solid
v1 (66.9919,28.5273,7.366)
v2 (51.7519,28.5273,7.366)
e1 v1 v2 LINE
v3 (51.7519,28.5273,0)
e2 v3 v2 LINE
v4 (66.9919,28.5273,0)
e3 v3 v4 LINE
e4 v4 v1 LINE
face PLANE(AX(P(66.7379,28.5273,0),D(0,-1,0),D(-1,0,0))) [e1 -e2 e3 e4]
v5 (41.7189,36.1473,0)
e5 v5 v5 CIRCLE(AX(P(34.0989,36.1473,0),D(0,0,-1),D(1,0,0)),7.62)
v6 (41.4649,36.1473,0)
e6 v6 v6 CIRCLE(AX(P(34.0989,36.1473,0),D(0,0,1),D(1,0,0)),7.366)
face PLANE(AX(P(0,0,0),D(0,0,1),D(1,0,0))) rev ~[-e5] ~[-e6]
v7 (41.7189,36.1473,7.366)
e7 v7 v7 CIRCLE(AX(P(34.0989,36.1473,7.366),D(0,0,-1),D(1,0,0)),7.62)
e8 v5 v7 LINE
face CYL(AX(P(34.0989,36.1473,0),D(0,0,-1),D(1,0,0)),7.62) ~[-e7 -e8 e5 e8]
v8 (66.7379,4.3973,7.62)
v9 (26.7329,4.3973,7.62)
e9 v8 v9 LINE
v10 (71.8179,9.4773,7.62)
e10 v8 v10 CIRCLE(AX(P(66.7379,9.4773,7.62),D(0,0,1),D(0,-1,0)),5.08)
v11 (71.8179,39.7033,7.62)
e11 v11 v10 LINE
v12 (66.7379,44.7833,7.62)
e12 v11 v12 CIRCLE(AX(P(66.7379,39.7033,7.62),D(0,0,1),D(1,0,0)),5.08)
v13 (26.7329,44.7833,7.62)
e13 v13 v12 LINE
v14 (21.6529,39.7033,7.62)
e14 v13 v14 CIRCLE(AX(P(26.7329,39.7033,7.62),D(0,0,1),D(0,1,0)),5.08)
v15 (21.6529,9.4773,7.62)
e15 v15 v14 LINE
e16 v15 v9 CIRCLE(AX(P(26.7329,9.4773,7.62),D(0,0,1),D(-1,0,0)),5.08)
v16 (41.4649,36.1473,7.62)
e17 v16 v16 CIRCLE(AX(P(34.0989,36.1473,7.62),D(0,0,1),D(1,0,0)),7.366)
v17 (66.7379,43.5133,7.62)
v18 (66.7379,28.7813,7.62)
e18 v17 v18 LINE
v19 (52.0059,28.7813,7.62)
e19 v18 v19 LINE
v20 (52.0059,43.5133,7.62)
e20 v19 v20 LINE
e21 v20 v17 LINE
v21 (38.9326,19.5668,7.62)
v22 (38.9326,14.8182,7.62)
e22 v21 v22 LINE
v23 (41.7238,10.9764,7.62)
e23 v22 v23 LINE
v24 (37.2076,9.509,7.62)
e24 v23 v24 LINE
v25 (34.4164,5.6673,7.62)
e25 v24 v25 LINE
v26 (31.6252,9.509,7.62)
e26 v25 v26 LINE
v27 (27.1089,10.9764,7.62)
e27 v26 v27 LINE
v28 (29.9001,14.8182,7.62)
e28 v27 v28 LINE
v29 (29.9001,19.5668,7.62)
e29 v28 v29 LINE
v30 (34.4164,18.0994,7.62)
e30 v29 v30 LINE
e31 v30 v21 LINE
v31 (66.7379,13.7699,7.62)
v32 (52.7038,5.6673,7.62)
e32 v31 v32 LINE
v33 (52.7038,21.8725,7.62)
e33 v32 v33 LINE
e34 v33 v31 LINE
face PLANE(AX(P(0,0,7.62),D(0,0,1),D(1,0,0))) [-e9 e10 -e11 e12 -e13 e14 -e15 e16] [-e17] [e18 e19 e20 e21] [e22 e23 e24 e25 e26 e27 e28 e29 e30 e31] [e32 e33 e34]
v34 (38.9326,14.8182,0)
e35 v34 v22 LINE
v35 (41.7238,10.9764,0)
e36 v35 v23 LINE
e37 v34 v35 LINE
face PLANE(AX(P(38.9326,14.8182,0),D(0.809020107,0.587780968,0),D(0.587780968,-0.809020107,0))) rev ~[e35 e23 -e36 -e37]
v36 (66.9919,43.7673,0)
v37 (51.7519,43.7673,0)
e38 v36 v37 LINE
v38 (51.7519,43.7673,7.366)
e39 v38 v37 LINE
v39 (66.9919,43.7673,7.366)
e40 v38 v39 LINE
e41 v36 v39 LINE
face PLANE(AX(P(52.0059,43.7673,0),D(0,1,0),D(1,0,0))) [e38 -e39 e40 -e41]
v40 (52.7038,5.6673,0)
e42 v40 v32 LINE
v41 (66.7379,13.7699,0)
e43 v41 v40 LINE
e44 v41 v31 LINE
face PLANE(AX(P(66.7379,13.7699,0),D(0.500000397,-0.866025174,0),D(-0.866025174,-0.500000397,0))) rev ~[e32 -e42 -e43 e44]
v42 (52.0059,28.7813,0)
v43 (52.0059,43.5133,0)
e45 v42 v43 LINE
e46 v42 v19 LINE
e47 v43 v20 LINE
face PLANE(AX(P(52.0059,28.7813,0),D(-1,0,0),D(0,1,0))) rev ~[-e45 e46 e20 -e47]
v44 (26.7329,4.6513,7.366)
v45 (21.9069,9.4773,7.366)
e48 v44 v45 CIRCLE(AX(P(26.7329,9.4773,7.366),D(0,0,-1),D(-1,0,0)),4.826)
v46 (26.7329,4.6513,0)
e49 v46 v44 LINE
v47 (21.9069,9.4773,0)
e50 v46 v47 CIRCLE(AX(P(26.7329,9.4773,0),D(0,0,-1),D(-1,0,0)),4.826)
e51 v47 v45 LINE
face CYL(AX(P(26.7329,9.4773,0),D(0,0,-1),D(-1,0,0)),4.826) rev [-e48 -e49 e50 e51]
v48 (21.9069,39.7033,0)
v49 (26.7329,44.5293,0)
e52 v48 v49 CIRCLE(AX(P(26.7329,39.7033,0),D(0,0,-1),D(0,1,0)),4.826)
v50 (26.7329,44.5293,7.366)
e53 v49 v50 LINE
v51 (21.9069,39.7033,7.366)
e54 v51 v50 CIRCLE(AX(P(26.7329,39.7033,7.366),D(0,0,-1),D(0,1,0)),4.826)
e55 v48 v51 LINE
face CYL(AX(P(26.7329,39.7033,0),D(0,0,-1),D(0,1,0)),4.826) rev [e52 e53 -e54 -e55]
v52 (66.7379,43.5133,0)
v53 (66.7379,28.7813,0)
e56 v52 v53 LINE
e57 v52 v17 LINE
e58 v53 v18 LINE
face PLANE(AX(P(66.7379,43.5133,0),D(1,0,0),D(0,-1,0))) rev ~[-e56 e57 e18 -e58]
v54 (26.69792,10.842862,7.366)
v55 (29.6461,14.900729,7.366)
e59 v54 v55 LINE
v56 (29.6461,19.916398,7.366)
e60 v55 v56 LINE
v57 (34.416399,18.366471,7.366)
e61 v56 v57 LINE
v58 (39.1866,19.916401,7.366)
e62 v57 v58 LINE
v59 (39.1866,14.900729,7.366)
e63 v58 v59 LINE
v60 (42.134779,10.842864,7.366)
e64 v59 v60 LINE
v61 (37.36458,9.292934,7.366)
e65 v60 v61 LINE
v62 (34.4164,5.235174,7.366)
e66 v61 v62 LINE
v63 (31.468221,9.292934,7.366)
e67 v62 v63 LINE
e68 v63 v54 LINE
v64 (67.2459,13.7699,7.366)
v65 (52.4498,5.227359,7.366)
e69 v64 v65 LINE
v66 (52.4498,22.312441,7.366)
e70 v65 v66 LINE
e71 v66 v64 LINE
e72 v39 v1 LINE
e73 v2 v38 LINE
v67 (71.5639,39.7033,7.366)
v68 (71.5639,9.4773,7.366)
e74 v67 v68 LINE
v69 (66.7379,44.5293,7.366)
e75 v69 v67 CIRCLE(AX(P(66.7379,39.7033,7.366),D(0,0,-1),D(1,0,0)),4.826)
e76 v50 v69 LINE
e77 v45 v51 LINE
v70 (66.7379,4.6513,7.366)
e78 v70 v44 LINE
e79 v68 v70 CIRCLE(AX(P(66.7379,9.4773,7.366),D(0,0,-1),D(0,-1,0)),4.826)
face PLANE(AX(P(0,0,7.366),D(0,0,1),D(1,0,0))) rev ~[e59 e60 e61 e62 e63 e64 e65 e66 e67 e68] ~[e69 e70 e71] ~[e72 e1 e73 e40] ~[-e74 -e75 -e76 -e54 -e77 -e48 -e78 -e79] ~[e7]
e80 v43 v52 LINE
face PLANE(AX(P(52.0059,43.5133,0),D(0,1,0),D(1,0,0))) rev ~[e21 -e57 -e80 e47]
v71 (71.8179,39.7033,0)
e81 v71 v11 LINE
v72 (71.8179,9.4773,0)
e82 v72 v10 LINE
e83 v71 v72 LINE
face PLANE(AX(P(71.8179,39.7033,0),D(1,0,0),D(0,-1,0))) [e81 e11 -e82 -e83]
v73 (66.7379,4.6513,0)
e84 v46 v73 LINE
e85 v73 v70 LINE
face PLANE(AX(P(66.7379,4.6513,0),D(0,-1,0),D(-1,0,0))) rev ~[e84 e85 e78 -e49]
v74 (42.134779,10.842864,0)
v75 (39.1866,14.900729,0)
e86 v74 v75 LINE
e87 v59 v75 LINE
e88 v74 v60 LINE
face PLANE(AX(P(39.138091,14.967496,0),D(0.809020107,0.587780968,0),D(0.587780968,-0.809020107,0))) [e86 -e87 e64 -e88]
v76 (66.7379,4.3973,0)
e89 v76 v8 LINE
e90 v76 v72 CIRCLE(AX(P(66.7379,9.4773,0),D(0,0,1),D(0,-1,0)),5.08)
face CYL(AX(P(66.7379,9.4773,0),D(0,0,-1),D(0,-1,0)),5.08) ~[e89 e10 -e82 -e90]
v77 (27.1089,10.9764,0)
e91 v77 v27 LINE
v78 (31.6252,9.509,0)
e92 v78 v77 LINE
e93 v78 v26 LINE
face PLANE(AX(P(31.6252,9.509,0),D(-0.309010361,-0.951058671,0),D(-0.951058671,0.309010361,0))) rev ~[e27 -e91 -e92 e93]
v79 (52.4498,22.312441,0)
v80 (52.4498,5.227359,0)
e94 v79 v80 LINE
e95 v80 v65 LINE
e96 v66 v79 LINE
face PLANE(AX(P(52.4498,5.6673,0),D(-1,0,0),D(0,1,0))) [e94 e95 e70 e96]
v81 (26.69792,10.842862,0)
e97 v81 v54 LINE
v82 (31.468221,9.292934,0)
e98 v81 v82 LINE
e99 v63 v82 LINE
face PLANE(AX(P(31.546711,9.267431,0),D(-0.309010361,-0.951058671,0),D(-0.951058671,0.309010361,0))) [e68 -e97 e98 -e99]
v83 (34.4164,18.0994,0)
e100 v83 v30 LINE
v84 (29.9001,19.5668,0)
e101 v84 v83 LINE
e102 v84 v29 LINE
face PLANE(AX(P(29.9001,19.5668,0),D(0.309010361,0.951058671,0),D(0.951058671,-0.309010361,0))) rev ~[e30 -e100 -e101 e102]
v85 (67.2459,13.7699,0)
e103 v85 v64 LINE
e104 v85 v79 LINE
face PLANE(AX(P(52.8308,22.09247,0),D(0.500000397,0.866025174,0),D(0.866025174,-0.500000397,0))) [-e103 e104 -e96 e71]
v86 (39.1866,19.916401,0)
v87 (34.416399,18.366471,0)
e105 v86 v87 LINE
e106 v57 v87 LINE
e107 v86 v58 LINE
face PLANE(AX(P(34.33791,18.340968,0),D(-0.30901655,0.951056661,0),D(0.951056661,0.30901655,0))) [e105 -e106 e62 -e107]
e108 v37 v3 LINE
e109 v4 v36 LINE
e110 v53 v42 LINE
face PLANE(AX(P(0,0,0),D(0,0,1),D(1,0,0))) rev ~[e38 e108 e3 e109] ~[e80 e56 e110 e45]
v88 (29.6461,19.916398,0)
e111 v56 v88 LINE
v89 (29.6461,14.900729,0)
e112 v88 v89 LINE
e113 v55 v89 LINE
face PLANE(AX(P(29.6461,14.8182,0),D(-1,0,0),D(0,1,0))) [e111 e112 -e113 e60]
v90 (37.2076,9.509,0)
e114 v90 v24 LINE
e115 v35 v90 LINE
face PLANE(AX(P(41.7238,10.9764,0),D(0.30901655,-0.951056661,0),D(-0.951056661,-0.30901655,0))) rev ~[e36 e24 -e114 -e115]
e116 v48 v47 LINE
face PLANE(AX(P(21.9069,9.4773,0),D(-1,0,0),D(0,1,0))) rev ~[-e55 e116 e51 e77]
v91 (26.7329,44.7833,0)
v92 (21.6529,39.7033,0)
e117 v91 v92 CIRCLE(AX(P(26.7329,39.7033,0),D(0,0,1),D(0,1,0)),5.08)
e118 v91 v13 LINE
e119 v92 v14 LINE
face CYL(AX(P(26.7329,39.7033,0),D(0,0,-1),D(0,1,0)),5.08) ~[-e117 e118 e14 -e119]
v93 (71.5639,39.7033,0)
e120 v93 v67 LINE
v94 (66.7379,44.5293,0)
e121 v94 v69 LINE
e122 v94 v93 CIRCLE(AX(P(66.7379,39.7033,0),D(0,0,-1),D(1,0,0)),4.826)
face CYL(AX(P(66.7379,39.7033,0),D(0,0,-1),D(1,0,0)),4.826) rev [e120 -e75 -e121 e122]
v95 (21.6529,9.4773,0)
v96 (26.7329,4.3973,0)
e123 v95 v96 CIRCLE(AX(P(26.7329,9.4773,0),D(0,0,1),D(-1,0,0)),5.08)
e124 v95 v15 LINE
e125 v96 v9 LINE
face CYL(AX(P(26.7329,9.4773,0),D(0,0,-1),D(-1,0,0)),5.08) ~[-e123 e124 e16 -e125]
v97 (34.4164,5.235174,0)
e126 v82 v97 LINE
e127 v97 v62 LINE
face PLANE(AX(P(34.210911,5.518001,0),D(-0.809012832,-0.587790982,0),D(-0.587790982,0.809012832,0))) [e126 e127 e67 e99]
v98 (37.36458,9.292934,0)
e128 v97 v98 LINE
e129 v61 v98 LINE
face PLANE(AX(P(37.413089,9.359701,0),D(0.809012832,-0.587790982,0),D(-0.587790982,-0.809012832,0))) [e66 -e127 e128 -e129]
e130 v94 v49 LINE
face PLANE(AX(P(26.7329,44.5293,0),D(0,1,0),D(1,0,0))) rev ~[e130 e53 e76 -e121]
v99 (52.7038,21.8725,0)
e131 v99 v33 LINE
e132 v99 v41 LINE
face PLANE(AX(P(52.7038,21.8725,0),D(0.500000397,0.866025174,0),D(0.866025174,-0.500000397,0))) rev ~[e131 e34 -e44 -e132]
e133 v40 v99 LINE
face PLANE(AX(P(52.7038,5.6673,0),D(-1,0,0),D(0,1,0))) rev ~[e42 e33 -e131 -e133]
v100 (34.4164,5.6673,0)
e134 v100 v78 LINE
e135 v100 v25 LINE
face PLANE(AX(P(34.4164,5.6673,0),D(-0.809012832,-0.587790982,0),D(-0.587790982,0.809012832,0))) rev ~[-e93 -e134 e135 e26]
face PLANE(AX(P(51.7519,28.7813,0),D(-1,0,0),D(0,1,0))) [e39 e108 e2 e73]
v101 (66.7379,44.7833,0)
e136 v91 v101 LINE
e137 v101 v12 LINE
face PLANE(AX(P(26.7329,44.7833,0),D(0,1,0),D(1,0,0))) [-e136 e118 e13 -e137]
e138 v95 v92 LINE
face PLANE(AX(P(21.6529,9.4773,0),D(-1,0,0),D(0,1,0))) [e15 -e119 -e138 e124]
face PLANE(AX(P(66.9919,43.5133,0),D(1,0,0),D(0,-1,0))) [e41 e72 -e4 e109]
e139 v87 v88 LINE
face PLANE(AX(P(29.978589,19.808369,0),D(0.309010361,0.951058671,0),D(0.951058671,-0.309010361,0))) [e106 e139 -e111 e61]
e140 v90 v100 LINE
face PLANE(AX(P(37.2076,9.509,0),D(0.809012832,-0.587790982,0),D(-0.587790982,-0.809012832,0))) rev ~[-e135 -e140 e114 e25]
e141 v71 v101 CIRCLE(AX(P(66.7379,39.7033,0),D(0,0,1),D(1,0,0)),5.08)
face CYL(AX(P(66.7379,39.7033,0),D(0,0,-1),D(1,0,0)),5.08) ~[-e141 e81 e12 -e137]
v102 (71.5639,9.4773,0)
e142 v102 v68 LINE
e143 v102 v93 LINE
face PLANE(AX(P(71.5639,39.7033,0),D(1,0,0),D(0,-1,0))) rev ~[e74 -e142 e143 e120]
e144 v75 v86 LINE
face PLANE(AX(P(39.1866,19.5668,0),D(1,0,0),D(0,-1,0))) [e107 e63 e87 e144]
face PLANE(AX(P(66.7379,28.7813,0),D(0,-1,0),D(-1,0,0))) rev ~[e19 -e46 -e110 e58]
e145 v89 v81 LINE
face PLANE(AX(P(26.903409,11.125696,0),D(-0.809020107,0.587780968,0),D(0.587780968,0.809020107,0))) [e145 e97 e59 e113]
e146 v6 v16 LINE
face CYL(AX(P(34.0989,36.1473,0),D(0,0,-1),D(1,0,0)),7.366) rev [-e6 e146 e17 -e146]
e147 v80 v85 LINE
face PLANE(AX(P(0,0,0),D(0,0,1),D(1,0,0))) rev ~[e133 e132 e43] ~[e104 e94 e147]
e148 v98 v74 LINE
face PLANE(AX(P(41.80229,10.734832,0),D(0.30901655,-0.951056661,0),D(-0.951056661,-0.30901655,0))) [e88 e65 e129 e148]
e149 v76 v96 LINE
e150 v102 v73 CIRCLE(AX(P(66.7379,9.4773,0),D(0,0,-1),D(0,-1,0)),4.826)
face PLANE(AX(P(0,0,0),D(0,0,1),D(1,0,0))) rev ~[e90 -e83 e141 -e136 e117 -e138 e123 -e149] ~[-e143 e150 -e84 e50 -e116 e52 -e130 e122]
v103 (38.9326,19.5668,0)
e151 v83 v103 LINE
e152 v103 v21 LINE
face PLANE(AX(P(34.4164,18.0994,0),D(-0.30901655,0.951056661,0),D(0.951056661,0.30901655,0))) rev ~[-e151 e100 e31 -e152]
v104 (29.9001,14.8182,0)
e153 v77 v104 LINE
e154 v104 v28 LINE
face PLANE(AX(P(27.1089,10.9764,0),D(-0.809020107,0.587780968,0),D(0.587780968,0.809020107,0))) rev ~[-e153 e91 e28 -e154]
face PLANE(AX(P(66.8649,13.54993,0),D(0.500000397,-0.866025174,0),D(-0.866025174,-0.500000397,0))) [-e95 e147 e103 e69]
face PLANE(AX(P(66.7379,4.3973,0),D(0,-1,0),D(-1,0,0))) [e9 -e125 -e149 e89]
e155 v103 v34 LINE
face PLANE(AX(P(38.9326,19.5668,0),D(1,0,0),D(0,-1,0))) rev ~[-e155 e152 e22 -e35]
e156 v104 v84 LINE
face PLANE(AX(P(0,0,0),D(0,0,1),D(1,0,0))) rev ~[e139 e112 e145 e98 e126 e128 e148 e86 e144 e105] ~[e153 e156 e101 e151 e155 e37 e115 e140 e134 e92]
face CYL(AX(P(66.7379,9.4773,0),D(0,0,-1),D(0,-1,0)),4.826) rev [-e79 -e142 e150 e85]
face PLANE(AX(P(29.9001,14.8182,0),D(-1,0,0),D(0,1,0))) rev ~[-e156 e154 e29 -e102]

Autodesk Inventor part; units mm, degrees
ref_plane "YZ Plane" through (0, 0, 0) normal (1, 0, 0) x (0, 1, 0)
ref_plane "XZ Plane" through (0, 0, 0) normal (0, 1, 0) x (-1, 0, 0)
ref_plane "XY Plane" through (0, 0, 0) normal (0, 0, 1) x (1, 0, 0)
sketch "Sketch1" plane through (0, 0, 0) normal (0, 0, 1) x (1, 0, 0)
  line L0 (26.7329, 44.7833) -> (66.7379, 44.7833)
  line L1 (71.8179, 39.7033) -> (71.8179, 9.4773)
  line L2 (66.7379, 4.3973) -> (26.7329, 4.3973)
  line L3 (21.6529, 9.4773) -> (21.6529, 39.7033)
  arc A0 (26.7329, 44.7833) -> (21.6529, 39.7033) centre (26.7329, 39.7033) ccw
  arc A1 (21.6529, 9.4773) -> (26.7329, 4.3973) centre (26.7329, 9.4773) ccw
  arc A2 (66.7379, 4.3973) -> (71.8179, 9.4773) centre (66.7379, 9.4773) ccw
  arc A3 (71.8179, 39.7033) -> (66.7379, 44.7833) centre (66.7379, 39.7033) ccw
  circle A4 centre (34.0989, 36.1473) radius 7.366
  line L4 (52.0059, 43.5133) -> (66.7379, 43.5133)
  line L5 (66.7379, 43.5133) -> (66.7379, 28.7813)
  line L6 (66.7379, 28.7813) -> (52.0059, 28.7813)
  line L7 (52.0059, 28.7813) -> (52.0059, 43.5133)
  line L8 (52.7038, 21.8725) -> (66.7379, 13.7699)
  line L9 (66.7379, 13.7699) -> (52.7038, 5.6673)
  line L10 (52.7038, 5.6673) -> (52.7038, 21.8725)
  line L11 (29.9001, 19.5668) -> (34.4164, 18.0994)
  line L12 (34.4164, 18.0994) -> (38.9326, 19.5668)
  line L13 (38.9326, 19.5668) -> (38.9326, 14.8182)
  line L14 (38.9326, 14.8182) -> (41.7238, 10.9764)
  line L15 (41.7238, 10.9764) -> (37.2076, 9.509)
  line L16 (37.2076, 9.509) -> (34.4164, 5.6673)
  line L17 (34.4164, 5.6673) -> (31.6252, 9.509)
  line L18 (31.6252, 9.509) -> (27.1089, 10.9764)
  line L19 (27.1089, 10.9764) -> (29.9001, 14.8182)
  line L20 (29.9001, 14.8182) -> (29.9001, 19.5668)
  point P0 (0, 0)
  point P1 (71.8179, 4.3973)
  point P2 (71.8179, 44.7833)
  point P3 (34.4164, 13.3508)
  dimension "d1" = 40.386
  dimension "d2" = 5.08
  dimension "d3" = 14.732
  dimension "d4" = 12.446
  dimension "d5" = 8.636
  dimension "d6" = 14.732
  dimension "d7" = 14.732
  dimension "d8" = 1.27
  dimension "d9" = 5.08
  dimension "d18" = 16.2052
extrude "Extrusion2" add sketch "Sketch1" along normal blind 7.62
shell "Shell4" thickness 0.254 removed faces 1 at (62.0598, 21.4745, 0)
properties part number "Passener Base"
